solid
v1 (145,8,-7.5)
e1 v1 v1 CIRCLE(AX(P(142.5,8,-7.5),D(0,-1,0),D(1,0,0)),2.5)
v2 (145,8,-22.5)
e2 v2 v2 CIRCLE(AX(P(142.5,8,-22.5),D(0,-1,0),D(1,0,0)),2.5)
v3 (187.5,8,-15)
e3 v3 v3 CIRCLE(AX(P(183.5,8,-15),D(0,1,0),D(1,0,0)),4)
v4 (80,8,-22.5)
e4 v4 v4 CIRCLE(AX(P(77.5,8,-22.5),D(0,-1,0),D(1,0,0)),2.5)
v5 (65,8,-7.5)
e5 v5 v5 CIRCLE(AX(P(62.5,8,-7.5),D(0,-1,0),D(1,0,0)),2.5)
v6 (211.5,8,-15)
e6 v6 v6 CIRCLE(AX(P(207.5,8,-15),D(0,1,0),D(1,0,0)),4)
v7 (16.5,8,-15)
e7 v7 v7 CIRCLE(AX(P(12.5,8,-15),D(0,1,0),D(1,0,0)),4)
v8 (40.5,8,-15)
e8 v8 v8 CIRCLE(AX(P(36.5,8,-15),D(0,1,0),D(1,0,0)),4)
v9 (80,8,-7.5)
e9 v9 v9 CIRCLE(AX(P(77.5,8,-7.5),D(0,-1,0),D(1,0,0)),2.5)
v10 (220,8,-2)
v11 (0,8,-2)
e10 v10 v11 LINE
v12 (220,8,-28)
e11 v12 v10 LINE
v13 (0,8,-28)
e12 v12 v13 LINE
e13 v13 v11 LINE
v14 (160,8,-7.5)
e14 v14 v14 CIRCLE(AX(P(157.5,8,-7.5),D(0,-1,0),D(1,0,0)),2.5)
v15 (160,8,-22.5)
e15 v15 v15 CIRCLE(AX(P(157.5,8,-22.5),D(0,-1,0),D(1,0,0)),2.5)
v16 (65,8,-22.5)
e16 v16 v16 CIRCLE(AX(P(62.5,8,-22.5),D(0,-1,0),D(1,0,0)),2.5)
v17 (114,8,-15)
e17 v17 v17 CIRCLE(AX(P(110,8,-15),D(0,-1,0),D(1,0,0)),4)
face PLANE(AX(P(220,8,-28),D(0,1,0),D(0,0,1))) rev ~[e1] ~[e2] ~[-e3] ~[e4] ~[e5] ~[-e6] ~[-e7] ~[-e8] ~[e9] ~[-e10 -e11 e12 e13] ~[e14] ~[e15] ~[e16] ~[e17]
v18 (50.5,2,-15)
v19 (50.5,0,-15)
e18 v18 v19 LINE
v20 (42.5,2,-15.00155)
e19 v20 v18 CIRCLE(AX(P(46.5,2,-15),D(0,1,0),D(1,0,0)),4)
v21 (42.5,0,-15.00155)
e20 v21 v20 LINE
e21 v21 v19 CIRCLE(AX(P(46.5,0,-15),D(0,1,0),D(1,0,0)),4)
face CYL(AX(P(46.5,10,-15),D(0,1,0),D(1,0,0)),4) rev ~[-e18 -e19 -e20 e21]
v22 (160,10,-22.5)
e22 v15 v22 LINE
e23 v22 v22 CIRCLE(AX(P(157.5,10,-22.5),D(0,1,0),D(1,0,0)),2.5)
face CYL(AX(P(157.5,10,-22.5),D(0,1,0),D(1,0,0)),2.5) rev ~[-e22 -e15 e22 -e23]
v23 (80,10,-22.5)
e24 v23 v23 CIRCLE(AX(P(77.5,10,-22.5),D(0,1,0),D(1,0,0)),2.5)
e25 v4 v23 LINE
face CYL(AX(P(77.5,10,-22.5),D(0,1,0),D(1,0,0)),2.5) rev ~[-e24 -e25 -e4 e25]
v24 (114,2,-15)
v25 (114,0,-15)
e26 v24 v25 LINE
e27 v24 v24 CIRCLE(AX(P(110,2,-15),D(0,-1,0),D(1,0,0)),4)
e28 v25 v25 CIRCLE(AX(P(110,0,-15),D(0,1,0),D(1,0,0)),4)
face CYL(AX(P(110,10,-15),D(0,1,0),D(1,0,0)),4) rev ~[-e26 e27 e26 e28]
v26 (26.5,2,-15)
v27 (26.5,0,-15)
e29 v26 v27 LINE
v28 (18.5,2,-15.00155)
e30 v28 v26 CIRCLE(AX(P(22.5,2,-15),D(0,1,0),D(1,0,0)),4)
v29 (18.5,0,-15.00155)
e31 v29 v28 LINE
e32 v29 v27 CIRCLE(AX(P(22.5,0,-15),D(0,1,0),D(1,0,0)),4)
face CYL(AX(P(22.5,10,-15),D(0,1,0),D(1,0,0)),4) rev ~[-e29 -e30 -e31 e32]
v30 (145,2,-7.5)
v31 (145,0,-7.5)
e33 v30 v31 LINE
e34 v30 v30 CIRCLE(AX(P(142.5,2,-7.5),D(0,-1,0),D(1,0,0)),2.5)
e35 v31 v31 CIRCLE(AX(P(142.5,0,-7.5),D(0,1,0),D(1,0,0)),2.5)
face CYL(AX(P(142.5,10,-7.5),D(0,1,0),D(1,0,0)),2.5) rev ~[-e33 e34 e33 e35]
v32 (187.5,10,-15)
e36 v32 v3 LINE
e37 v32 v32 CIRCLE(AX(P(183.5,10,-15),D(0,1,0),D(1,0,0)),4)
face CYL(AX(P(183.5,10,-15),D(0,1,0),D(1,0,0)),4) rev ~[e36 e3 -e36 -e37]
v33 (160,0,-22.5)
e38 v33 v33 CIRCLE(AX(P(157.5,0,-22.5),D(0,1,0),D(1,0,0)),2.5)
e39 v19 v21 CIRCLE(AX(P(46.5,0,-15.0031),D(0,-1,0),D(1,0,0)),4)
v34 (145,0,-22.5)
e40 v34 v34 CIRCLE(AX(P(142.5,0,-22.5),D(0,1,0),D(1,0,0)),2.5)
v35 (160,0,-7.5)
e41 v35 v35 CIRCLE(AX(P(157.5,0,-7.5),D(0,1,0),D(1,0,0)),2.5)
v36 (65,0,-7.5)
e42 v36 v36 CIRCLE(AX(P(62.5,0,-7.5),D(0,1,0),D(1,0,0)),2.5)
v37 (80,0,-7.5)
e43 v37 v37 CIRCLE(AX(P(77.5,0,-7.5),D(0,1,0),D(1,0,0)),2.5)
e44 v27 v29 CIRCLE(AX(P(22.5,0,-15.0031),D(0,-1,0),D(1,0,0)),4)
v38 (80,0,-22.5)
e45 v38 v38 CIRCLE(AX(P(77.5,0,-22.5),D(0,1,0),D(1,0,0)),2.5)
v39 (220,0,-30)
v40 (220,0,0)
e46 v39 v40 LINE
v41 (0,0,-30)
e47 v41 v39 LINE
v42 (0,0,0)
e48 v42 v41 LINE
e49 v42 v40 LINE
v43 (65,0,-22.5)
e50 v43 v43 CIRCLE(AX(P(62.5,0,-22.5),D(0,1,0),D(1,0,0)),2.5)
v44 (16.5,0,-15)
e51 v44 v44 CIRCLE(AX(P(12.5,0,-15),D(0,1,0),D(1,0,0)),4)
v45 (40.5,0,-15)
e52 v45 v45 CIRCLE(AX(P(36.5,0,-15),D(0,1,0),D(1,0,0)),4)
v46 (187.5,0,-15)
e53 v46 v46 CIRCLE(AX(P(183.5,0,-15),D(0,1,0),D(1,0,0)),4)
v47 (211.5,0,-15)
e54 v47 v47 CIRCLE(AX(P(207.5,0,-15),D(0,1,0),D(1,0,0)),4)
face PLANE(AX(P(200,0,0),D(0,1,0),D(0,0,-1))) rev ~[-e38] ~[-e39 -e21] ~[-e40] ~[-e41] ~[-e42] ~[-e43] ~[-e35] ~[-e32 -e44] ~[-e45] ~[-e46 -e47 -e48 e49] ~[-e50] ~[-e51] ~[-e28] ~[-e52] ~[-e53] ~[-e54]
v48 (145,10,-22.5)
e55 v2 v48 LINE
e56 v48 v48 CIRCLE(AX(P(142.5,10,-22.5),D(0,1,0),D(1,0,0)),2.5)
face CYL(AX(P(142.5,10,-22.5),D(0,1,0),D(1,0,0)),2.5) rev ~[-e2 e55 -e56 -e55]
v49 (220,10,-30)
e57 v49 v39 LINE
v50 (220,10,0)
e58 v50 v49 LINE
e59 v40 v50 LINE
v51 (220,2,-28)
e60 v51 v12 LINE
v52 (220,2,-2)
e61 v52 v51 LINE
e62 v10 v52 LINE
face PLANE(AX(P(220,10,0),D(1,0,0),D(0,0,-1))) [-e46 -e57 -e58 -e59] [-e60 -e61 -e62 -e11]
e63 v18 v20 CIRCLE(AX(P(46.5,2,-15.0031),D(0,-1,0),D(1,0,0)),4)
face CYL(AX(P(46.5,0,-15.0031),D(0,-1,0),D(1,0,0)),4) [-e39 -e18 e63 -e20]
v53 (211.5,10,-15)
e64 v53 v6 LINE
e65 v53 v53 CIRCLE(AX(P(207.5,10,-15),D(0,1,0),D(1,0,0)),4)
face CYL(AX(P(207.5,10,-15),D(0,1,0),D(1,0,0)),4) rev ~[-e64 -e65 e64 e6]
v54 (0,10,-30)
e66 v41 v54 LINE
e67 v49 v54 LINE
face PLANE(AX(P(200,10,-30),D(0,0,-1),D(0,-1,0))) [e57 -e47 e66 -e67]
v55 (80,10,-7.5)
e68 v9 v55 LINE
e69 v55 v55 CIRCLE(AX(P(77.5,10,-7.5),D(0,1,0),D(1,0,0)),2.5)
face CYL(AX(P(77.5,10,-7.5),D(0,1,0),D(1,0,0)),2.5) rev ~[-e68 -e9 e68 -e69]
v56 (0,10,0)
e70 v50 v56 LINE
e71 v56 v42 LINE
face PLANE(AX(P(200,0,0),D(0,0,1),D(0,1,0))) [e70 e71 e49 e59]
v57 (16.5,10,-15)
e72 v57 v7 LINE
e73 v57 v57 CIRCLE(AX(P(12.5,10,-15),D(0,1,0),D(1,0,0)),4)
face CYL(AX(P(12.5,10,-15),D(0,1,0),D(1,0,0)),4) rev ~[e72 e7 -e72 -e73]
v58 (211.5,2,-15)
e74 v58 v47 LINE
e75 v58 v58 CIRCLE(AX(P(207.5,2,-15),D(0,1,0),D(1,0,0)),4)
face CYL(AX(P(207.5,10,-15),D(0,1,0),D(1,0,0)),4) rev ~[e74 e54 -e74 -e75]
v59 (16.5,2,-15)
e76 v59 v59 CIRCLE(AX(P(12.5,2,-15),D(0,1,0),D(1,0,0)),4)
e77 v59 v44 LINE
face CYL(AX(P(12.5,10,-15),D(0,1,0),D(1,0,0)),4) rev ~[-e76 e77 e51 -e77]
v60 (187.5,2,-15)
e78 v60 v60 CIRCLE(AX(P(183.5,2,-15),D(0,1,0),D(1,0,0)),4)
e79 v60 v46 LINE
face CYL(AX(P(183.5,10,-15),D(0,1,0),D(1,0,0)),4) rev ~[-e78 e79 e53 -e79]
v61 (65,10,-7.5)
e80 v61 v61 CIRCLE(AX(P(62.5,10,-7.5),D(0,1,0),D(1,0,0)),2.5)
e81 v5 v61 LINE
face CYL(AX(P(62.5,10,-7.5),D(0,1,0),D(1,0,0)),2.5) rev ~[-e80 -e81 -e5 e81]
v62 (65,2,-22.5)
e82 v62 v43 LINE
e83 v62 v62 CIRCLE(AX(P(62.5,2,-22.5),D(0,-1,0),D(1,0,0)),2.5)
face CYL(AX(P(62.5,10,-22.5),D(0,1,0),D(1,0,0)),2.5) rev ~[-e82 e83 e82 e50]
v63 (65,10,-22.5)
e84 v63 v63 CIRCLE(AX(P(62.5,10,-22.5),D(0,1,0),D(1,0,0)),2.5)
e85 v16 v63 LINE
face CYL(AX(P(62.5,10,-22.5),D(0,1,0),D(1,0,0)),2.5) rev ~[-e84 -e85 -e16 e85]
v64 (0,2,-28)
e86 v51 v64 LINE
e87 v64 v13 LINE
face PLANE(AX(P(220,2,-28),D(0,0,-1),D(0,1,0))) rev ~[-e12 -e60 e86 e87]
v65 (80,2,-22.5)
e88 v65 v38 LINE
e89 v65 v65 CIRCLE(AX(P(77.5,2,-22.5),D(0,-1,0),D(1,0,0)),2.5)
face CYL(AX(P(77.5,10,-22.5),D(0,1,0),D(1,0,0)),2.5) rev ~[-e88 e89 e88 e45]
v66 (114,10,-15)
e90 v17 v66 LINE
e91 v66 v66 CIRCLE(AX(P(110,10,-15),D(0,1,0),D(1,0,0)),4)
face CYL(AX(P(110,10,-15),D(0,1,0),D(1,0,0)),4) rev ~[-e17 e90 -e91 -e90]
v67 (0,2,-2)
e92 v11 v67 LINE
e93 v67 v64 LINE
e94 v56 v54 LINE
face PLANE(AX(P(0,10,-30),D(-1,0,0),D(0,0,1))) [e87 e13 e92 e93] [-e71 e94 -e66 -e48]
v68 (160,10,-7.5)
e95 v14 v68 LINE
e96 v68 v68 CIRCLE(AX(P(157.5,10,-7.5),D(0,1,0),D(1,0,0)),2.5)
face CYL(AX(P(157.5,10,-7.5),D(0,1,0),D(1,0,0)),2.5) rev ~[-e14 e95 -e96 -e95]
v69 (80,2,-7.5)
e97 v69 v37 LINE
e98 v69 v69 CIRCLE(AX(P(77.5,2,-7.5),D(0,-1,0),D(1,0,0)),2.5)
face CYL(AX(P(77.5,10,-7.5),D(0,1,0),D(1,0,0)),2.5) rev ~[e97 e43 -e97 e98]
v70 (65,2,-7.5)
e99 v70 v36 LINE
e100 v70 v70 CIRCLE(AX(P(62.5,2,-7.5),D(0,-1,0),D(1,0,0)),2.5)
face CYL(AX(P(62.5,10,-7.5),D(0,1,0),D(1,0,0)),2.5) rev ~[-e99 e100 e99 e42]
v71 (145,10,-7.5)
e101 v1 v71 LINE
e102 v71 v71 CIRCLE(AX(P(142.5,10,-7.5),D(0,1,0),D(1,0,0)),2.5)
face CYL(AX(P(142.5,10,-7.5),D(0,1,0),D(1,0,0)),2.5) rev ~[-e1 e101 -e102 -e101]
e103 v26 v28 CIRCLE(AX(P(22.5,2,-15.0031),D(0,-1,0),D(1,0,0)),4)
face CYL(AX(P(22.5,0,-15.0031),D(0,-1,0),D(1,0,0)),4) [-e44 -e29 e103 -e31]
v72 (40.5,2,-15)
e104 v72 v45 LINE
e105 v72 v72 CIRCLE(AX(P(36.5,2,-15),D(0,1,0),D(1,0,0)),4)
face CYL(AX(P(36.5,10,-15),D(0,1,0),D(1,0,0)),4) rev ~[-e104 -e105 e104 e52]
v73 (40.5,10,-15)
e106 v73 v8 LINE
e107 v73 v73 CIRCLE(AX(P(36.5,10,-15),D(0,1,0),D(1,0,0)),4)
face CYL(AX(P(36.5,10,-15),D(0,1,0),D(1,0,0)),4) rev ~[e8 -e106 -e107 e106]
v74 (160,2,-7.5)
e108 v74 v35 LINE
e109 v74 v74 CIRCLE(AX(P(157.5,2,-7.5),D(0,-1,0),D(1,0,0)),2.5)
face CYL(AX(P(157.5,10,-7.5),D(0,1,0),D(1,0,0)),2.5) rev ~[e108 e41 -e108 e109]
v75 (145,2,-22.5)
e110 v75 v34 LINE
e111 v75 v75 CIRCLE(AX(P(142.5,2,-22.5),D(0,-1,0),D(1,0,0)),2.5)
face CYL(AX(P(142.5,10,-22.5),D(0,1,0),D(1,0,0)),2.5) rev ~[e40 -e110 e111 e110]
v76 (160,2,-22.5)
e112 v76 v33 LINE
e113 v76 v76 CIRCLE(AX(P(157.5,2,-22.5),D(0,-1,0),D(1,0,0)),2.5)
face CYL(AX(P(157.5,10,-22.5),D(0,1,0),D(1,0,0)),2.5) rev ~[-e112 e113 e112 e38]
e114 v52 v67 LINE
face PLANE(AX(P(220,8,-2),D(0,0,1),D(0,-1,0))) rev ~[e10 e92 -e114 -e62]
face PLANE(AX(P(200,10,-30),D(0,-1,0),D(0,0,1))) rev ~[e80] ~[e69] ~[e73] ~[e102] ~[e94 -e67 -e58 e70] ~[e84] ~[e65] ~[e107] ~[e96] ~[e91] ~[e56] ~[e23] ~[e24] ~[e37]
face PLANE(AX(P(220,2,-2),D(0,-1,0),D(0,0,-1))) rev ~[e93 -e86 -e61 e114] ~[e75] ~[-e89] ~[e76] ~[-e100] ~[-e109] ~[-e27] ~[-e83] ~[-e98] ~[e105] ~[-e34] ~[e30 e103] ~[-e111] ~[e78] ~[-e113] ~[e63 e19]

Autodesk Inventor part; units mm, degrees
ref_plane "YZ Plane" through (0, 0, 0) normal (1, 0, 0) x (0, 1, 0)
ref_plane "XZ Plane" through (0, 0, 0) normal (0, 1, 0) x (-1, 0, 0)
ref_plane "XY Plane" through (0, 0, 0) normal (0, 0, 1) x (1, 0, 0)
sketch "Sketch1" plane through (0, 0, 0) normal (1, 0, 0) x (0, 1, 0)
  point P0 (0, 0)
sketch "Sketch2" plane through (0, 0, 0) normal (1, 0, 0) x (0, 1, 0)
  point P0 (0, 0)
sketch "Sketch3" plane through (0, 0, 0) normal (1, 0, 0) x (0, 1, 0)
  line L0 (0, 0) -> (10, 0)
  line L1 (10, 0) -> (10, -30)
  line L2 (10, -30) -> (0, -30)
  line L3 (0, -30) -> (0, 0)
  line L4 (9, -29) -> (1, -29)
  line L5 (1, -29) -> (1, -1)
  line L6 (1, -1) -> (9, -1)
  line L7 (9, -1) -> (9, -29)
  dimension "d0" = 10
  dimension "d1" = 30
  dimension "d2" = 8
  dimension "d3" = 28
extrude "Extrusion1" add sketch "Sketch3" along normal blind 200 contours L0 L1 L2 L3 | L4 L5 L6 L7
sketch "Sketch4" plane through (200, 0, 0) normal (1, 0, 0) x (0, 0, -1)
  line L0 (29, 9) -> (1, 9)
  line L1 (1, 9) -> (1, 1)
  line L2 (1, 1) -> (29, 1)
  line L3 (29, 1) -> (29, 9)
  point P0 (0, 0)
  dimension "d6" = 28
  dimension "d7" = 8
extrude "Extrusion2" cut sketch "Sketch4" against normal blind 303.2375
sketch "Sketch5" plane through (0, 10, 0) normal (0, 1, 0) x (1, 0, 0)
  point P0 (0, 0)
sketch "Sketch6" plane through (200, 0, 0) normal (1, 0, 0) x (0, 0, -1)
  point P0 (0, 0)
sketch "Sketch7" plane through (200, 0, 0) normal (1, 0, 0) x (0, 0, -1)
  line L0 (0, 0) -> (30, 0) projected
  line L1 (30, 10) -> (0, 10) projected
  line L2 (30, 0) -> (0, 0)
  line L3 (0, 0) -> (0, 10)
  line L4 (0, 10) -> (30, 10)
  line L5 (30, 10) -> (30, 0)
extrude "Extrusion3" add sketch "Sketch7" along normal blind 20
sketch "Sketch8" plane through (0, 0, 0) normal (-1, 0, 0) x (0, 0, 1)
  line L0 (-29, 9) -> (-1, 9)
  line L1 (-1, 9) -> (-1, 1)
  line L2 (-1, 1) -> (-29, 1)
  line L3 (-29, 1) -> (-29, 9)
  point P0 (0, 0)
sketch "Sketch9" plane through (220, 0, 0) normal (1, 0, 0) x (0, 0, -1)
  line L0 (1, 1) -> (29, 1)
  line L1 (29, 1) -> (29, 9)
  line L2 (29, 9) -> (1, 9)
  line L3 (1, 9) -> (1, 1)
  point P0 (0, 0)
extrude "Extrusion4" cut sketch "Sketch9" against normal blind 750.25
sketch "Sketch10" plane through (0, 10, 0) normal (0, 1, 0) x (1, 0, 0)
  circle A0 centre (22.5, 15) radius 4
  circle A1 centre (46.5, 15) radius 4
  point P0 (0, 0)
  dimension "d14" = 8
  dimension "d15" = 8
extrude "Extrusion5" cut sketch "Sketch10" against normal blind 63.025
sketch "Sketch11" plane through (0, 10, 0) normal (0, 1, 0) x (1, 0, 0)
  circle A0 centre (173.5, 15) radius 4
  circle A1 centre (197.5, 15) radius 4
  point P0 (0, 0)
  dimension "d18" = 8
  dimension "d19" = 8
extrude "Extrusion6" cut sketch "Sketch11" against normal blind 120.175
sketch "Sketch12" plane through (0, 10, 0) normal (0, 1, 0) x (1, 0, 0)
  line L0 (0, 30) -> (220, 30) projected
  line L1 (0, 0) -> (220, 0) projected
  line L2 (0, 30) -> (10, 30)
  line L3 (10, 30) -> (10, 0)
  line L4 (10, 0) -> (0, 0)
  line L5 (0, 0) -> (0, 30)
  dimension "d22" = 10
extrude "Extrusion7" cut sketch "Sketch12" against normal blind 98.9
sketch "Sketch13" plane through (220, 10, 0) normal (0, 1, 0) x (1, 0, 0)
  line L0 (-210, 30) -> (0, 30) projected
  line L1 (0, 0) -> (-10, 0)
  line L2 (-10, 0) -> (-10, 30)
  line L3 (-10, 30) -> (0, 30)
  line L4 (0, 30) -> (0, 0)
  point P0 (-220, 0)
  dimension "d25" = 10
extrude "Extrusion8" cut sketch "Sketch13" against normal blind 67.7875
sketch "Sketch14" plane through (10, 10, 0) normal (0, 1, 0) x (1, 0, 0)
  circle A0 centre (52.5, 7.5) radius 2.5
  circle A1 centre (52.5, 22.5) radius 2.5
  point P0 (-10, 0)
  dimension "d28" = 5
  dimension "d29" = 5
sketch "Sketch15" plane through (10, 10, 0) normal (0, 1, 0) x (1, 0, 0)
  circle A0 centre (67.5, 22.5) radius 2.5
  circle A1 centre (67.5, 7.5) radius 2.5
  point P0 (-10, 0)
  dimension "d30" = 5
  dimension "d31" = 5
extrude "Extrusion9" cut sketch "Sketch14" against normal blind 97.95
extrude "Extrusion10" cut sketch "Sketch15" against normal blind 108.425
sketch "Sketch16" plane through (10, 10, 0) normal (0, 1, 0) x (1, 0, 0)
  circle A0 centre (147.5, 22.5) radius 2.5
  circle A1 centre (132.5, 22.5) radius 2.5
  circle A2 centre (132.5, 7.5) radius 2.5
  circle A3 centre (147.5, 7.5) radius 2.5
  point P0 (-10, 0)
  dimension "d36" = 5
  dimension "d37" = 5
  dimension "d38" = 5
  dimension "d39" = 5
extrude "Extrusion11" cut sketch "Sketch16" against normal blind 59.85
sketch "Sketch17" plane through (10, 10, 0) normal (0, 1, 0) x (1, 0, 0)
  circle A0 centre (100, 15) radius 4
  point P0 (-10, 0)
  dimension "d42" = 8
extrude "Extrusion12" cut sketch "Sketch17" against normal blind 53.5
sketch "Sketch20" plane through (10, 10, -30) normal (-1, 0, 0) x (0, 0, 1)
  line L0 (30, -10) -> (0, -10) projected
  line L1 (30, 0) -> (0, 0) projected
  line L2 (30, -10) -> (0, -10)
  line L3 (0, -10) -> (0, 0)
  line L4 (0, 0) -> (30, 0)
  line L5 (30, 0) -> (30, -10)
  line L6 (29, -9) -> (1, -9) projected
  line L7 (29, -1) -> (1, -1) projected
  line L8 (29, -9) -> (1, -9)
  line L9 (1, -9) -> (1, -1)
  line L10 (1, -1) -> (29, -1)
  line L11 (29, -1) -> (29, -9)
extrude "Extrusion13" add sketch "Sketch20" along normal blind 10 contours L0 L3 L1 L5 | L6 L9 L7 L11
extrude "Extrusion14" cut sketch "Sketch8" against normal blind 34.45
sketch "Sketch21" plane through (210, 10, 0) normal (1, 0, 0) x (0, 0, -1)
  line L0 (30, -10) -> (0, -10) projected
  line L1 (0, 0) -> (30, 0)
  line L2 (30, 0) -> (30, -10)
  line L3 (30, -10) -> (0, -10)
  line L4 (0, -10) -> (0, 0)
  line L5 (29, -1) -> (1, -1) projected
  line L6 (1, -9) -> (29, -9) projected
  line L7 (1, -1) -> (29, -1)
  line L8 (29, -1) -> (29, -9)
  line L9 (29, -9) -> (1, -9)
  line L10 (1, -9) -> (1, -1)
extrude "Extrusion15" add sketch "Sketch21" along normal blind 10 contours L0 L4 L1 L2 | L8 L6 L10 L5
sketch "Sketch22" plane through (220, 10, 0) normal (1, 0, 0) x (0, 0, -1)
  point P0 (0, -10)
sketch "Sketch23" plane through (220, 10, 0) normal (1, 0, 0) x (0, 0, -1)
  point P0 (0, -10)
sketch "Sketch24" plane through (0, 10, -30) normal (-1, 0, 0) x (0, 0, 1)
  line L0 (2, -2) -> (28, -2)
  line L1 (28, -2) -> (28, -8)
  line L2 (28, -8) -> (2, -8)
  line L3 (2, -8) -> (2, -2)
  point P0 (30, -10)
  dimension "d51" = 26
  dimension "d52" = 6
extrude "Extrusion16" add sketch "Sketch24" against normal blind 220
sketch "Sketch25" plane through (220, 10, 0) normal (1, 0, 0) x (0, 0, -1)
  line L0 (2, -8) -> (2, -2) projected
  line L1 (28, -2) -> (28, -8) projected
  line L2 (2, -8) -> (28, -8)
  line L3 (28, -8) -> (28, -2)
  line L4 (28, -2) -> (2, -2)
  line L5 (2, -2) -> (2, -8)
  point P0 (0, -10)
extrude "Extrusion17" cut sketch "Sketch25" against normal blind 351.5
sketch "Sketch26" plane through (210, 10, 0) normal (-1, 0, 0) x (0, 0, 1)
  point P0 (0, -10)
sketch "Sketch27" plane through (0, 10, -30) normal (-1, 0, 0) x (0, 0, 1)
  line L0 (2, -2) -> (2, -8) projected
  line L1 (2, -8) -> (28, -8) projected
  line L2 (2, -2) -> (28, -2)
  line L3 (28, -2) -> (28, -8)
  line L4 (28, -8) -> (2, -8)
  line L5 (2, -8) -> (2, -2)
  line L6 (29, -1) -> (29, -9) projected
  line L7 (29, -9) -> (0.9924, -9)
  line L8 (0.9924, -9) -> (0.9924, -1)
  line L9 (0.9924, -1) -> (29, -1)
  line L10 (29, -1) -> (29, -9)
  point P0 (30, -10)
extrude "Extrusion18" cut sketch "Sketch27" against normal blind 220
sketch "Sketch28" plane through (220, 10, 0) normal (1, 0, 0) x (0, 0, -1)
  line L0 (2, -8) -> (28, -8)
  line L1 (28, -8) -> (28, -2)
  line L2 (28, -2) -> (2, -2)
  line L3 (2, -2) -> (2, -8)
  line L4 (29.0076, -1) -> (1, -1) projected
  line L5 (1, -9) -> (29.0076, -9) projected
  line L6 (1, -1) -> (29.0076, -1)
  line L7 (29.0076, -1) -> (29.0076, -9)
  line L8 (29.0076, -9) -> (1, -9)
  line L9 (1, -9) -> (1, -1)
  point P0 (0, -10)
  dimension "d59" = 26
  dimension "d60" = 6
extrude "Extrusion19" add sketch "Sketch28" against normal blind 220
sketch "Sketch29" plane through (0, 10, 0) normal (0, 1, 0) x (1, 0, 0)
  circle A0 centre (12.5, 15) radius 4
  point P0 (0, 0)
  dimension "d63" = 8
sketch "Sketch30" plane through (0, 10, 0) normal (0, 1, 0) x (1, 0, 0)
  circle A0 centre (36.5, 15) radius 4
  point P0 (0, 0)
  dimension "d64" = 8
extrude "Extrusion20" cut sketch "Sketch30" against normal blind 143.5375
extrude "Extrusion21" cut sketch "Sketch29" against normal blind 377.1625
sketch "Sketch31" plane through (22.5, 9, -15) normal (0, 1, 0) x (1, 0, 0)
  circle A0 centre (0, 0) radius 4
  circle A1 centre (24, 0) radius 4
  point P0 (-22.5, -15)
extrude "Extrusion22" cut sketch "Sketch31" against normal blind 135.6
sketch "Sketch32" plane through (0, 10, 0) normal (0, 1, 0) x (1, 0, 0)
  circle A0 centre (22.5, 15) radius 4 projected
  circle A1 centre (22.5, 15) radius 4
  circle A2 centre (46.5, 15) radius 4 projected
  circle A3 centre (46.5, 15) radius 4
  point P0 (0, 0)
extrude "Extrusion23" add sketch "Sketch32" against normal blind 2
sketch "Sketch33" plane through (0, 0, -30) normal (0, -1, 0) x (1, 0, 0)
  circle A0 centre (46.5, 14.9969) radius 4
  circle A1 centre (22.5, 14.9969) radius 4
  point P0 (0, 30)
  dimension "d73" = 8
  dimension "d74" = 8
extrude "Extrusion24" add sketch "Sketch33" against normal blind 2
sketch "Sketch36" plane through (0, 10, 0) normal (0, 1, 0) x (1, 0, 0)
  circle A0 centre (207.5, 15) radius 4
  circle A1 centre (183.5, 15) radius 4
  point P0 (0, 0)
  dimension "d77" = 8
  dimension "d78" = 8
extrude "Extrusion25" cut sketch "Sketch36" against normal blind 72.6125
sketch "Sketch37" plane through (0, 10, 0) normal (0, 1, 0) x (1, 0, 0)
  circle A0 centre (197.5, 15) radius 4 projected
  circle A1 centre (197.5, 15) radius 4
  circle A2 centre (173.5, 15) radius 4 projected
  circle A3 centre (173.5, 15) radius 4
  point P0 (0, 0)
extrude "Extrusion26" add sketch "Sketch37" against normal blind 2
sketch "Sketch38" plane through (0, 0, -30) normal (0, -1, 0) x (1, 0, 0)
  circle A0 centre (173.5, 15) radius 4 projected
  circle A1 centre (173.5, 15) radius 4
  circle A2 centre (197.5, 15) radius 4 projected
  circle A3 centre (197.5, 15) radius 4
  point P0 (0, 30)
extrude "Extrusion27" add sketch "Sketch38" against normal blind 2
sketch "Sketch39" plane through (0, 0, -30) normal (0, -1, 0) x (1, 0, 0)
  circle A0 centre (62.5, 22.5) radius 2.5 projected
  circle A1 centre (62.5, 22.5) radius 2.5
  circle A2 centre (77.5, 22.5) radius 2.5 projected
  circle A3 centre (77.5, 22.5) radius 2.5
  circle A4 centre (77.5, 7.5) radius 2.5 projected
  circle A5 centre (77.5, 7.5) radius 2.5
  circle A6 centre (62.5, 7.5) radius 2.5 projected
  circle A7 centre (62.5, 7.5) radius 2.5
  circle A8 centre (142.5, 22.5) radius 2.5 projected
  circle A9 centre (142.5, 22.5) radius 2.5
  circle A10 centre (157.5, 22.5) radius 2.5 projected
  circle A11 centre (157.5, 22.5) radius 2.5
  circle A12 centre (157.5, 7.5) radius 2.5 projected
  circle A13 centre (157.5, 7.5) radius 2.5
  circle A14 centre (142.5, 7.5) radius 2.5 projected
  circle A15 centre (142.5, 7.5) radius 2.5
  circle A16 centre (110, 15) radius 4 projected
  circle A17 centre (110, 15) radius 4
  point P0 (0, 30)
extrude "Extrusion28" cut sketch "Sketch39" against normal blind 68.675
properties part number "short_frame" material "Aluminum 6061"
